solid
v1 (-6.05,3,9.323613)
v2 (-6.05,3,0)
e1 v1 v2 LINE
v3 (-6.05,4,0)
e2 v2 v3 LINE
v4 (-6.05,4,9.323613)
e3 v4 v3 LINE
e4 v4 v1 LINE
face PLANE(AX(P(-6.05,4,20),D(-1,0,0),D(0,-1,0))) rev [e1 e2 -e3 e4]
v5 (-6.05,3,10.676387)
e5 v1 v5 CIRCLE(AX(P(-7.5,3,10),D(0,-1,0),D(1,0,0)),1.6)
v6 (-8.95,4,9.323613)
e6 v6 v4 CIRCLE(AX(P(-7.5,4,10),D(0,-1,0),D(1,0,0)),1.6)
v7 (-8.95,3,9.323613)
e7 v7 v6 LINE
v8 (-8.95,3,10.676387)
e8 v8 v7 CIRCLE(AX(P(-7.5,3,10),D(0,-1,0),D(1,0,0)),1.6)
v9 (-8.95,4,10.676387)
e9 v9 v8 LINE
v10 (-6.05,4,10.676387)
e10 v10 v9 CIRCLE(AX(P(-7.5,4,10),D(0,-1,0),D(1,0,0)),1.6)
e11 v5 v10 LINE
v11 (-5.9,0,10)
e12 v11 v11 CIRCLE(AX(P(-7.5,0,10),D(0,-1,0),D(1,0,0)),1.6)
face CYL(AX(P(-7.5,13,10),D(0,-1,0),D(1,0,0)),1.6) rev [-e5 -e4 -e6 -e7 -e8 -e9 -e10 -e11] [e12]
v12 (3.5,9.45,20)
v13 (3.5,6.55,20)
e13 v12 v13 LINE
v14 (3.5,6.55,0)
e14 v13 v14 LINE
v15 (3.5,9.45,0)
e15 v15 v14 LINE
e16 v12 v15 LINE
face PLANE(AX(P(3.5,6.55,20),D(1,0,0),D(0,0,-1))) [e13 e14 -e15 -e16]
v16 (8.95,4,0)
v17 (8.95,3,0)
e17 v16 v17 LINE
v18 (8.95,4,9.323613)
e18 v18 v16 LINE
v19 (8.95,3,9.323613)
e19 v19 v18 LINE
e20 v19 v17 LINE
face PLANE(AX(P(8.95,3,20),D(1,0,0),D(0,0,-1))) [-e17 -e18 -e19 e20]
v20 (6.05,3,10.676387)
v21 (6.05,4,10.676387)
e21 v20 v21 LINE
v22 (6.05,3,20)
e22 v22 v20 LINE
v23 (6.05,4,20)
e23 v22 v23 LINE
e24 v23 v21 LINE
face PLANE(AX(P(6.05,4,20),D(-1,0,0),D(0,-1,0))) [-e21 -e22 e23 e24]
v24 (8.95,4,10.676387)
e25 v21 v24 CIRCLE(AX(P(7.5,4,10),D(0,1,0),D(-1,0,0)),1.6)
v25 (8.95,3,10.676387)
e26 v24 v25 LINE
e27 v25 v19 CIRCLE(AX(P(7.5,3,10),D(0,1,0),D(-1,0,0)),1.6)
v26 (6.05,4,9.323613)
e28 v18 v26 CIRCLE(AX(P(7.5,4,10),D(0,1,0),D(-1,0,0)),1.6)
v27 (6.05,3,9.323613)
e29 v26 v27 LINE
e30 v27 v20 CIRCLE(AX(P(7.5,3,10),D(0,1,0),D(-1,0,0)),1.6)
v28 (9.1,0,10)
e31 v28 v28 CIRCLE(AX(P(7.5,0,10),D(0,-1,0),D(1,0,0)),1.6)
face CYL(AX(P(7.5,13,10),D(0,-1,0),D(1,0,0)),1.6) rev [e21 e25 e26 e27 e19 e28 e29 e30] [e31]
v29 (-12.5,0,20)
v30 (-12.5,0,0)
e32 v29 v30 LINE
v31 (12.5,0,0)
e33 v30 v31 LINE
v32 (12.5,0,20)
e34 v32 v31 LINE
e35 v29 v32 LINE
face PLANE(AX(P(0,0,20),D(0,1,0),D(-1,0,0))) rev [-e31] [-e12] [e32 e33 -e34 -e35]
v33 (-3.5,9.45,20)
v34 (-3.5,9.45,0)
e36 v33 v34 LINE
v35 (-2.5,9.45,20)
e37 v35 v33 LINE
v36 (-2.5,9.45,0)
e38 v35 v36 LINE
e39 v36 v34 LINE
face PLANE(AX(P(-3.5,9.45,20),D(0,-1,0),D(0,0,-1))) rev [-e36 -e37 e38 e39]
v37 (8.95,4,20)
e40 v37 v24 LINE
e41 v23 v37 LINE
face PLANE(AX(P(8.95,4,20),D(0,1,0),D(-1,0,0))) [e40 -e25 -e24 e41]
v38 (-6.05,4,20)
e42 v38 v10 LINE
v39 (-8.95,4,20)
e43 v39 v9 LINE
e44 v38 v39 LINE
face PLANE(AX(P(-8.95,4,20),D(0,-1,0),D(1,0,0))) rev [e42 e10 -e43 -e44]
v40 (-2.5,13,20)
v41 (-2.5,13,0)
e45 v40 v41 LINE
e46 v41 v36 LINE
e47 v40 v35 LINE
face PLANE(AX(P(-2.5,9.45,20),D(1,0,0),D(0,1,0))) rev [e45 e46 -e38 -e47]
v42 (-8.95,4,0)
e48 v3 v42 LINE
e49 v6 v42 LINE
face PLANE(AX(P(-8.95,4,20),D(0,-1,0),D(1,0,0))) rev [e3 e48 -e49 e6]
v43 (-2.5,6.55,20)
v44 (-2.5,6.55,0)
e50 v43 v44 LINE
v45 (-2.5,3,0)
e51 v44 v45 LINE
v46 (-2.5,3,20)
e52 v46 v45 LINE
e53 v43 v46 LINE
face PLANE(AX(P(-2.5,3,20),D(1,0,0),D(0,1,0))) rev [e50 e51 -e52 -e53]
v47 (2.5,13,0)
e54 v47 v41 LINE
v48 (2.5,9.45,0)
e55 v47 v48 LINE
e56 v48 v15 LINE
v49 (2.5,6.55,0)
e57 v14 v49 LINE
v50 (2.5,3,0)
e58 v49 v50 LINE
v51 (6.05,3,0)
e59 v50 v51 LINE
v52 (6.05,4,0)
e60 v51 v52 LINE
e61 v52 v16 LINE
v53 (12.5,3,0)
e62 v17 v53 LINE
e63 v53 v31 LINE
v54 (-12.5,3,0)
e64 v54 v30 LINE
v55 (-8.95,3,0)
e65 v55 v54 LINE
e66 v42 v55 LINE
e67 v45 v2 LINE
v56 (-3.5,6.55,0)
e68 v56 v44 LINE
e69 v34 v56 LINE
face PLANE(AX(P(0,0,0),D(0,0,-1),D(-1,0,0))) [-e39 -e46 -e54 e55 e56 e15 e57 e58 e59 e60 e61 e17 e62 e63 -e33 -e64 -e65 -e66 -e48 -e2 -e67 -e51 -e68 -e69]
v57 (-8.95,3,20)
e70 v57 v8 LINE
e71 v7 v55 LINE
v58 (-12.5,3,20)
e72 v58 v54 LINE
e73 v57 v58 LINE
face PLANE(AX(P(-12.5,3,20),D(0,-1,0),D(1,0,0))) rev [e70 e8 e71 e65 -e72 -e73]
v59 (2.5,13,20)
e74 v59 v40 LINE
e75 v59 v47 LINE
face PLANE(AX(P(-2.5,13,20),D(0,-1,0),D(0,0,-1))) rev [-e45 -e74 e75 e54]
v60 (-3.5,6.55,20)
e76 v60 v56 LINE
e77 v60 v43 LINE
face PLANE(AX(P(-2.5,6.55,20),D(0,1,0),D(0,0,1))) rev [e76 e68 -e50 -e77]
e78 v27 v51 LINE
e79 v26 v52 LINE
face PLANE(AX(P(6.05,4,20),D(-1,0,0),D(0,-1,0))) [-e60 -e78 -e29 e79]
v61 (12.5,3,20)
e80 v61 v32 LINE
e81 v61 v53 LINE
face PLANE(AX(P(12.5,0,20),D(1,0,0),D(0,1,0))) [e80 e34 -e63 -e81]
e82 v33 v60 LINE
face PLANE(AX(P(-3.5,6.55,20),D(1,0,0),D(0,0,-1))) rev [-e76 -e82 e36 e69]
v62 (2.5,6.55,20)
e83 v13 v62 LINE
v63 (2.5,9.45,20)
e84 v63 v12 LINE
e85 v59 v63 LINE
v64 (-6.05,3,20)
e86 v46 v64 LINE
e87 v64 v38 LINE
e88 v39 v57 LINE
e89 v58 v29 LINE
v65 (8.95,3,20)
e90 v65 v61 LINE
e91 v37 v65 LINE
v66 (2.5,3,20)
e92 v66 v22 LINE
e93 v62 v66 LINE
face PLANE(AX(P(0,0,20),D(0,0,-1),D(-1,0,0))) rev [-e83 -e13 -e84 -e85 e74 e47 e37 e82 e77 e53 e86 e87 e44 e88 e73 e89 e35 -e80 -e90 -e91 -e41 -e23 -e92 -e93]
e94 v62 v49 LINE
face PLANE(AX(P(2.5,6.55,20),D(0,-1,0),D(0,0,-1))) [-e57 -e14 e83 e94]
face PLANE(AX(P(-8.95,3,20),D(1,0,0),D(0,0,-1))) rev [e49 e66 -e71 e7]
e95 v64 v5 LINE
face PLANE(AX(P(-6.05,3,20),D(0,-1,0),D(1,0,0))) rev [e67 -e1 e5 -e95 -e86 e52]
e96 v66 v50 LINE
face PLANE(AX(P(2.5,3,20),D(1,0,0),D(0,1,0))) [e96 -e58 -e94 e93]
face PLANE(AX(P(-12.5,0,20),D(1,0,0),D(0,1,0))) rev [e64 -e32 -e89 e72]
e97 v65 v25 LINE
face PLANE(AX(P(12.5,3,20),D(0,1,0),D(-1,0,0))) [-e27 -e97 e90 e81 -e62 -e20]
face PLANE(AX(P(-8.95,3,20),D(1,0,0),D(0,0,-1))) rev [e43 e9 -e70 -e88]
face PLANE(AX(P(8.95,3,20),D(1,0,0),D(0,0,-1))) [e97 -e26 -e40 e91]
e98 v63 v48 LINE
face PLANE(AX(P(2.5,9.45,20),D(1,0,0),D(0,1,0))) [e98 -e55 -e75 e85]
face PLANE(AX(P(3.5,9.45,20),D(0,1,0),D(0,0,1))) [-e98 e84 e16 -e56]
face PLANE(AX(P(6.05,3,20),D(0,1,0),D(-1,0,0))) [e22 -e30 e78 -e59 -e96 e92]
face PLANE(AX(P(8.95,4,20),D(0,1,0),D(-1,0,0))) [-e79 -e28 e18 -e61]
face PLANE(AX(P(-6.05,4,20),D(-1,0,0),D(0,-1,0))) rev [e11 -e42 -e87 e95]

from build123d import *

# Parameters (mm, degrees)
MAIN_DEPTH         = 20
SKETCH1_R          = 1.6
CUT_EXTRUDE1_DEPTH = 14


with BuildPart() as part:
    # Esquisse1 → Main (new body)
    with BuildSketch(Plane.XY):
        Polygon((-12.5, 0), (-12.5, 3), (-8.95, 3), (-8.95, 4), (-6.05, 4), (-6.05, 3), (-2.5, 3), (-2.5, 6.55), (-3.5, 6.55), (-3.5, 9.45), (-2.5, 9.45), (-2.5, 13), (0, 13), (0, 0), align=None)
    main = extrude(amount=MAIN_DEPTH)

    # Symétrie1: Main across plane
    add(main.mirror(Plane(origin=(0, 0, 0), x_dir=(0, 0, 1), z_dir=(1, 0, 0))))

    # Sketch1 → Cut-Extrude1 (cut, through all)
    with BuildSketch(Plane.XZ):
        with Locations((-7.5, 10)):
            Circle(SKETCH1_R)
        with Locations((7.5, 10)):
            Circle(SKETCH1_R)
    extrude(amount=-CUT_EXTRUDE1_DEPTH, mode=Mode.SUBTRACT)


solid = part.part
